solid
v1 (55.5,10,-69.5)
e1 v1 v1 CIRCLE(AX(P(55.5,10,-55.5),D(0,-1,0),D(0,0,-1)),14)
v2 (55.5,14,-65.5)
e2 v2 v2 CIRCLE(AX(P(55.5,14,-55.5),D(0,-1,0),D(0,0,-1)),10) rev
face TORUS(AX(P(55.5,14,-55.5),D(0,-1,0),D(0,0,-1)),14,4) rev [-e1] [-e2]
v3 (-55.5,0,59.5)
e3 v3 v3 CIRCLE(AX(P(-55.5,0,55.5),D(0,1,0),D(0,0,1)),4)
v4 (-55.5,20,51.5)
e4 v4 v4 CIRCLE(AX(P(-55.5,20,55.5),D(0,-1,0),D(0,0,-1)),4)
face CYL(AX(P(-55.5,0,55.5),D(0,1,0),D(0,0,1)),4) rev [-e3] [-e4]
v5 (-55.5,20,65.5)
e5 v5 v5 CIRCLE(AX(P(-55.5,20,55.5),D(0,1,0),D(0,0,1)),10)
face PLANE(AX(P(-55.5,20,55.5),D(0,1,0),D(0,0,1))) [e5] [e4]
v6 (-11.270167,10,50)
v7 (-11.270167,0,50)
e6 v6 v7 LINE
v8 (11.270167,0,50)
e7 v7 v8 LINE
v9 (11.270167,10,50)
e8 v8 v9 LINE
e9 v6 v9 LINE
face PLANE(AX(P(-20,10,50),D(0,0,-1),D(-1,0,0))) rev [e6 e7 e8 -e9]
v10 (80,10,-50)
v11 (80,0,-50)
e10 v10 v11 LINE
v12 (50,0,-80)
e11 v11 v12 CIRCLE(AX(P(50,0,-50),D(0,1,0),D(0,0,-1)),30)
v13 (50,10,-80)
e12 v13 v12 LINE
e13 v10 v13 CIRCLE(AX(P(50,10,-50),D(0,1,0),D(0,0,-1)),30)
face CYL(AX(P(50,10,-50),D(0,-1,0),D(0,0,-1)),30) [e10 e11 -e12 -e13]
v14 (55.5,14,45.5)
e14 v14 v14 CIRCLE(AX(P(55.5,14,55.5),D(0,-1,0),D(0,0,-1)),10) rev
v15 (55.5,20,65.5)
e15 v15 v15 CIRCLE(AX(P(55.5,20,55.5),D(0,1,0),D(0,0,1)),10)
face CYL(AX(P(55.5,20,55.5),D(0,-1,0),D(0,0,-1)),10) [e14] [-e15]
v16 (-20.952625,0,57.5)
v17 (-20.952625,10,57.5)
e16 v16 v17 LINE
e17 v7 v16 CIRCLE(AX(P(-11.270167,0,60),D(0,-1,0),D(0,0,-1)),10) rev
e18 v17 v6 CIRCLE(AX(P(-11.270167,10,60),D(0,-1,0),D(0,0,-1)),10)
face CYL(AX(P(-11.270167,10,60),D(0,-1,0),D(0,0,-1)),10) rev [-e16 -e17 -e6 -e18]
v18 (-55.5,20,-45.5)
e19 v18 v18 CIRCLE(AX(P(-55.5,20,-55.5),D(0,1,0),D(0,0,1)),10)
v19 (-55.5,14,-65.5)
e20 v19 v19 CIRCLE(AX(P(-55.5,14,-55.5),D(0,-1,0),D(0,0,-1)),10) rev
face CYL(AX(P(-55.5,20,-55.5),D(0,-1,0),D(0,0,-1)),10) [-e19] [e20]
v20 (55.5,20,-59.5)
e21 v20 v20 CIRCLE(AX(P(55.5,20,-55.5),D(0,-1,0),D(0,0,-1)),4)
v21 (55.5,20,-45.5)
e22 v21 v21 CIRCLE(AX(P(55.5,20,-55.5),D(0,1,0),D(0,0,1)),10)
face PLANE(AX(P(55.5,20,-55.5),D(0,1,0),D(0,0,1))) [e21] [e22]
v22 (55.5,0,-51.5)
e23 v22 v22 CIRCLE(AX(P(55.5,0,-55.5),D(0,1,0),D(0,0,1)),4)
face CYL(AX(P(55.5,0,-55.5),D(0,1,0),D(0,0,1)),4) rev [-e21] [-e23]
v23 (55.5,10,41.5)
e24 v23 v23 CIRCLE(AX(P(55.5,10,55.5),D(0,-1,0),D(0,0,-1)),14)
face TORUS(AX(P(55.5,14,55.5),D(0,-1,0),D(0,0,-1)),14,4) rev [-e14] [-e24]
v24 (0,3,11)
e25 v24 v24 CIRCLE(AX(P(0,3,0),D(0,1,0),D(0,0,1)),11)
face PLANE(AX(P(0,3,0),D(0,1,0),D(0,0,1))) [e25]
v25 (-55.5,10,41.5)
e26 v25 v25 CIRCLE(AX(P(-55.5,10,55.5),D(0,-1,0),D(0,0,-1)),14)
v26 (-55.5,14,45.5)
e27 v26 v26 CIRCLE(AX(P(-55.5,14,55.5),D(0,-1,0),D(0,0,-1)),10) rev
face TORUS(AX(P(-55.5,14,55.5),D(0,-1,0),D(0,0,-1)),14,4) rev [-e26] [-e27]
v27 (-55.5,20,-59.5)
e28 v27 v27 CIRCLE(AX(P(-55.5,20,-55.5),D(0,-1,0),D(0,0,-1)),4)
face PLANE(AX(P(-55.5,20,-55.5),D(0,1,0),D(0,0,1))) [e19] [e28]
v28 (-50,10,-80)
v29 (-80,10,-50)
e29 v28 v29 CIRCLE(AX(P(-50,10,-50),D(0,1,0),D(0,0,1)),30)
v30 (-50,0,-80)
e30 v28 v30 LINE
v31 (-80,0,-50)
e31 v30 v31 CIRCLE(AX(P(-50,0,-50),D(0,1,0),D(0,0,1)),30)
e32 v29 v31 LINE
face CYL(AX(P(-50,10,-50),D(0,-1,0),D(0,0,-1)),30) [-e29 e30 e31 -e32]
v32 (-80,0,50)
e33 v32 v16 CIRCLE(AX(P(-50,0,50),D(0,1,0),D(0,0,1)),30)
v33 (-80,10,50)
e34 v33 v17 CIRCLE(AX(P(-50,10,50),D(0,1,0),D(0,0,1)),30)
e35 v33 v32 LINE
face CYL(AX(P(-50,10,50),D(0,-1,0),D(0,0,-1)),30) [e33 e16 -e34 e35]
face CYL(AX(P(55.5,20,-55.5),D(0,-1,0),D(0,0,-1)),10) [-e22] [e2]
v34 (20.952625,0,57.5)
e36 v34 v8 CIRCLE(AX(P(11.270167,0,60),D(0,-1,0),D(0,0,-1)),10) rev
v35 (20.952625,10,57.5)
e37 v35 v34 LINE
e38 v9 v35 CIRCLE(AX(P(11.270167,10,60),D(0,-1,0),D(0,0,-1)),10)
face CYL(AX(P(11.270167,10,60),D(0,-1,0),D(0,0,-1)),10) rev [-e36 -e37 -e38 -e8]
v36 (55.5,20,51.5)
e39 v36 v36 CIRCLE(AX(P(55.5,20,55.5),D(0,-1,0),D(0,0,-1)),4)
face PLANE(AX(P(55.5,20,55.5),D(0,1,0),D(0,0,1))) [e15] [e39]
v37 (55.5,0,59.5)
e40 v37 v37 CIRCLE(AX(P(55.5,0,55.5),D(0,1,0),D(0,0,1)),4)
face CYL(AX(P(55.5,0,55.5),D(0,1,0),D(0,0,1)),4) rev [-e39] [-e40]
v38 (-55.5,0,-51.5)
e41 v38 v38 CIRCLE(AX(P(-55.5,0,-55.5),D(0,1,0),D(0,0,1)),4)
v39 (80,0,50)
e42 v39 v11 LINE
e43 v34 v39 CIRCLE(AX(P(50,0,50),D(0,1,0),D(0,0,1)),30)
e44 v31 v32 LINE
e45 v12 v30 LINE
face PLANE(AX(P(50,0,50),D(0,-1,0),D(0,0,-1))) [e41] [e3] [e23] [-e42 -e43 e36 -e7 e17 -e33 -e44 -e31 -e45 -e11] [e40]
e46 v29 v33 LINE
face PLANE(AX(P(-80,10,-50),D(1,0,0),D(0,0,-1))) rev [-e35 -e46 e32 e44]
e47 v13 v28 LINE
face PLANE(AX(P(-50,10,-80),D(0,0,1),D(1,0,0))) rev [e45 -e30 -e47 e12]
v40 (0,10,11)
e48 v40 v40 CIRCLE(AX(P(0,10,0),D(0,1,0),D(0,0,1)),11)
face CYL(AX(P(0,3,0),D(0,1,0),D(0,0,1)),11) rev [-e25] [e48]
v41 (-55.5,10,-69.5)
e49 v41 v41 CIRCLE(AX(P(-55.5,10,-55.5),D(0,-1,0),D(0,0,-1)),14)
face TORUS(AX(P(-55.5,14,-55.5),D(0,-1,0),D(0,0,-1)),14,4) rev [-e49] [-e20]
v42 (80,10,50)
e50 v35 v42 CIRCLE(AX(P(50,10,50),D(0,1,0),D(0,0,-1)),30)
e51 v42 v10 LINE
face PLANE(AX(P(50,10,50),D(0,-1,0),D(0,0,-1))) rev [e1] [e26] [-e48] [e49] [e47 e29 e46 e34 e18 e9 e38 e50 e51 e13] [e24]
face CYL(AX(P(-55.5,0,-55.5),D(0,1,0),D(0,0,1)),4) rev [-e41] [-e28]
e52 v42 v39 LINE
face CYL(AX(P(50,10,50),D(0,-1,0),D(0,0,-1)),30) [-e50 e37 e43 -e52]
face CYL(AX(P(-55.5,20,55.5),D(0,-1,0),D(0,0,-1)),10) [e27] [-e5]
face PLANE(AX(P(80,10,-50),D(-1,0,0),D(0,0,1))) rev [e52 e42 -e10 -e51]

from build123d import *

# Parameters (mm, degrees)
BOSS_EXTRUDE6_DEPTH = 10
FILLET4_R           = 10
SKETCH13_R          = 4
CUT_EXTRUDE5_DEPTH  = 114.578166916
SKETCH14_R          = 10
BOSS_EXTRUDE7_DEPTH = 10
SKETCH15_R          = 4
CUT_EXTRUDE6_DEPTH  = 114.578166916
FILLET5_R           = 4
SKETCH16_R          = 11
CUT_EXTRUDE7_DEPTH  = 7


with BuildPart() as part:
    # Sketch12 → Boss-Extrude6 (new body)
    with BuildSketch(Plane(origin=(0, 0, 0), x_dir=(1, 0, 0), z_dir=(0, 1, 0))):
        with BuildLine():
            Line((-20, -50), (20, -50))
            ThreePointArc((20, -50), (28.786796564, -71.213203436), (50, -80))
            ThreePointArc((50, -80), (71.213203436, -71.213203436), (80, -50))
            Line((80, -50), (80, 50))
            ThreePointArc((80, 50), (71.213203436, 71.213203436), (50, 80))
            Line((50, 80), (-50, 80))
            ThreePointArc((-50, 80), (-71.213203436, 71.213203436), (-80, 50))
            Line((-80, 50), (-80, -50))
            ThreePointArc((-80, -50), (-71.213203436, -71.213203436), (-50, -80))
            ThreePointArc((-50, -80), (-28.786796564, -71.213203436), (-20, -50))
        make_face()
    extrude(amount=BOSS_EXTRUDE6_DEPTH)

    # Fillet4
    fillet4_edges = [part.edges().sort_by_distance(p)[0] for p in [
        (20, 5, 50),
        (-20, 5, 50),
    ]]
    fillet(fillet4_edges, radius=FILLET4_R)

    # Sketch13 → Cut-Extrude5 (cut, through all)
    with BuildSketch(Plane(origin=(0, 10, 0), x_dir=(1, 0, 0), z_dir=(0, 1, 0))):
        with Locations(Location((-55.5, 55.5, 0), (0, 0, 270))):
            Circle(SKETCH13_R)
        with Locations(Location((55.5, 55.5, 0), (0, 0, 270))):
            Circle(SKETCH13_R)
        with Locations(Location((-55.5, -55.5, 0), (0, 0, 270))):
            Circle(SKETCH13_R)
        with Locations(Location((55.5, -55.5, 0), (0, 0, 270))):
            Circle(SKETCH13_R)
    extrude(amount=-CUT_EXTRUDE5_DEPTH, mode=Mode.SUBTRACT)

    # Sketch14 → Boss-Extrude7 (add)
    with BuildSketch(Plane(origin=(0, 10, 0), x_dir=(1, 0, 0), z_dir=(0, 1, 0))):
        with Locations(Location((-55.5, 55.5, 0), (0, 0, 90))):
            Circle(SKETCH14_R)
        with Locations(Location((55.5, 55.5, 0), (0, 0, 90))):
            Circle(SKETCH14_R)
        with Locations(Location((-55.5, -55.5, 0), (0, 0, 90))):
            Circle(SKETCH14_R)
        with Locations(Location((55.5, -55.5, 0), (0, 0, 90))):
            Circle(SKETCH14_R)
    extrude(amount=BOSS_EXTRUDE7_DEPTH)

    # Sketch15 → Cut-Extrude6 (cut, through all)
    with BuildSketch(Plane.XZ.offset(-10)):
        with Locations(Location((-55.5, -55.5, 0), (0, 0, 90))):
            Circle(SKETCH15_R)
        with Locations(Location((-55.5, 55.5, 0), (0, 0, 90))):
            Circle(SKETCH15_R)
        with Locations(Location((55.5, 55.5, 0), (0, 0, 90))):
            Circle(SKETCH15_R)
        with Locations(Location((55.5, -55.5, 0), (0, 0, 90))):
            Circle(SKETCH15_R)
    extrude(amount=-CUT_EXTRUDE6_DEPTH, mode=Mode.SUBTRACT)

    # Fillet5
    fillet5_edges = [part.edges().sort_by_distance(p)[0] for p in [
        (-55.5, 10, -45.5),
        (-55.5, 10, 65.5),
        (55.5, 10, 65.5),
        (55.5, 10, -45.5),
    ]]
    fillet(fillet5_edges, radius=FILLET5_R)

    # Sketch16 → Cut-Extrude7 (cut)
    with BuildSketch(Plane(origin=(0, 10, 0), x_dir=(1, 0, 0), z_dir=(0, 1, 0))):
        with Locations(Location((0, 0, 0), (0, 0, 270))):
            Circle(SKETCH16_R)
    extrude(amount=-CUT_EXTRUDE7_DEPTH, mode=Mode.SUBTRACT)


solid = part.part
